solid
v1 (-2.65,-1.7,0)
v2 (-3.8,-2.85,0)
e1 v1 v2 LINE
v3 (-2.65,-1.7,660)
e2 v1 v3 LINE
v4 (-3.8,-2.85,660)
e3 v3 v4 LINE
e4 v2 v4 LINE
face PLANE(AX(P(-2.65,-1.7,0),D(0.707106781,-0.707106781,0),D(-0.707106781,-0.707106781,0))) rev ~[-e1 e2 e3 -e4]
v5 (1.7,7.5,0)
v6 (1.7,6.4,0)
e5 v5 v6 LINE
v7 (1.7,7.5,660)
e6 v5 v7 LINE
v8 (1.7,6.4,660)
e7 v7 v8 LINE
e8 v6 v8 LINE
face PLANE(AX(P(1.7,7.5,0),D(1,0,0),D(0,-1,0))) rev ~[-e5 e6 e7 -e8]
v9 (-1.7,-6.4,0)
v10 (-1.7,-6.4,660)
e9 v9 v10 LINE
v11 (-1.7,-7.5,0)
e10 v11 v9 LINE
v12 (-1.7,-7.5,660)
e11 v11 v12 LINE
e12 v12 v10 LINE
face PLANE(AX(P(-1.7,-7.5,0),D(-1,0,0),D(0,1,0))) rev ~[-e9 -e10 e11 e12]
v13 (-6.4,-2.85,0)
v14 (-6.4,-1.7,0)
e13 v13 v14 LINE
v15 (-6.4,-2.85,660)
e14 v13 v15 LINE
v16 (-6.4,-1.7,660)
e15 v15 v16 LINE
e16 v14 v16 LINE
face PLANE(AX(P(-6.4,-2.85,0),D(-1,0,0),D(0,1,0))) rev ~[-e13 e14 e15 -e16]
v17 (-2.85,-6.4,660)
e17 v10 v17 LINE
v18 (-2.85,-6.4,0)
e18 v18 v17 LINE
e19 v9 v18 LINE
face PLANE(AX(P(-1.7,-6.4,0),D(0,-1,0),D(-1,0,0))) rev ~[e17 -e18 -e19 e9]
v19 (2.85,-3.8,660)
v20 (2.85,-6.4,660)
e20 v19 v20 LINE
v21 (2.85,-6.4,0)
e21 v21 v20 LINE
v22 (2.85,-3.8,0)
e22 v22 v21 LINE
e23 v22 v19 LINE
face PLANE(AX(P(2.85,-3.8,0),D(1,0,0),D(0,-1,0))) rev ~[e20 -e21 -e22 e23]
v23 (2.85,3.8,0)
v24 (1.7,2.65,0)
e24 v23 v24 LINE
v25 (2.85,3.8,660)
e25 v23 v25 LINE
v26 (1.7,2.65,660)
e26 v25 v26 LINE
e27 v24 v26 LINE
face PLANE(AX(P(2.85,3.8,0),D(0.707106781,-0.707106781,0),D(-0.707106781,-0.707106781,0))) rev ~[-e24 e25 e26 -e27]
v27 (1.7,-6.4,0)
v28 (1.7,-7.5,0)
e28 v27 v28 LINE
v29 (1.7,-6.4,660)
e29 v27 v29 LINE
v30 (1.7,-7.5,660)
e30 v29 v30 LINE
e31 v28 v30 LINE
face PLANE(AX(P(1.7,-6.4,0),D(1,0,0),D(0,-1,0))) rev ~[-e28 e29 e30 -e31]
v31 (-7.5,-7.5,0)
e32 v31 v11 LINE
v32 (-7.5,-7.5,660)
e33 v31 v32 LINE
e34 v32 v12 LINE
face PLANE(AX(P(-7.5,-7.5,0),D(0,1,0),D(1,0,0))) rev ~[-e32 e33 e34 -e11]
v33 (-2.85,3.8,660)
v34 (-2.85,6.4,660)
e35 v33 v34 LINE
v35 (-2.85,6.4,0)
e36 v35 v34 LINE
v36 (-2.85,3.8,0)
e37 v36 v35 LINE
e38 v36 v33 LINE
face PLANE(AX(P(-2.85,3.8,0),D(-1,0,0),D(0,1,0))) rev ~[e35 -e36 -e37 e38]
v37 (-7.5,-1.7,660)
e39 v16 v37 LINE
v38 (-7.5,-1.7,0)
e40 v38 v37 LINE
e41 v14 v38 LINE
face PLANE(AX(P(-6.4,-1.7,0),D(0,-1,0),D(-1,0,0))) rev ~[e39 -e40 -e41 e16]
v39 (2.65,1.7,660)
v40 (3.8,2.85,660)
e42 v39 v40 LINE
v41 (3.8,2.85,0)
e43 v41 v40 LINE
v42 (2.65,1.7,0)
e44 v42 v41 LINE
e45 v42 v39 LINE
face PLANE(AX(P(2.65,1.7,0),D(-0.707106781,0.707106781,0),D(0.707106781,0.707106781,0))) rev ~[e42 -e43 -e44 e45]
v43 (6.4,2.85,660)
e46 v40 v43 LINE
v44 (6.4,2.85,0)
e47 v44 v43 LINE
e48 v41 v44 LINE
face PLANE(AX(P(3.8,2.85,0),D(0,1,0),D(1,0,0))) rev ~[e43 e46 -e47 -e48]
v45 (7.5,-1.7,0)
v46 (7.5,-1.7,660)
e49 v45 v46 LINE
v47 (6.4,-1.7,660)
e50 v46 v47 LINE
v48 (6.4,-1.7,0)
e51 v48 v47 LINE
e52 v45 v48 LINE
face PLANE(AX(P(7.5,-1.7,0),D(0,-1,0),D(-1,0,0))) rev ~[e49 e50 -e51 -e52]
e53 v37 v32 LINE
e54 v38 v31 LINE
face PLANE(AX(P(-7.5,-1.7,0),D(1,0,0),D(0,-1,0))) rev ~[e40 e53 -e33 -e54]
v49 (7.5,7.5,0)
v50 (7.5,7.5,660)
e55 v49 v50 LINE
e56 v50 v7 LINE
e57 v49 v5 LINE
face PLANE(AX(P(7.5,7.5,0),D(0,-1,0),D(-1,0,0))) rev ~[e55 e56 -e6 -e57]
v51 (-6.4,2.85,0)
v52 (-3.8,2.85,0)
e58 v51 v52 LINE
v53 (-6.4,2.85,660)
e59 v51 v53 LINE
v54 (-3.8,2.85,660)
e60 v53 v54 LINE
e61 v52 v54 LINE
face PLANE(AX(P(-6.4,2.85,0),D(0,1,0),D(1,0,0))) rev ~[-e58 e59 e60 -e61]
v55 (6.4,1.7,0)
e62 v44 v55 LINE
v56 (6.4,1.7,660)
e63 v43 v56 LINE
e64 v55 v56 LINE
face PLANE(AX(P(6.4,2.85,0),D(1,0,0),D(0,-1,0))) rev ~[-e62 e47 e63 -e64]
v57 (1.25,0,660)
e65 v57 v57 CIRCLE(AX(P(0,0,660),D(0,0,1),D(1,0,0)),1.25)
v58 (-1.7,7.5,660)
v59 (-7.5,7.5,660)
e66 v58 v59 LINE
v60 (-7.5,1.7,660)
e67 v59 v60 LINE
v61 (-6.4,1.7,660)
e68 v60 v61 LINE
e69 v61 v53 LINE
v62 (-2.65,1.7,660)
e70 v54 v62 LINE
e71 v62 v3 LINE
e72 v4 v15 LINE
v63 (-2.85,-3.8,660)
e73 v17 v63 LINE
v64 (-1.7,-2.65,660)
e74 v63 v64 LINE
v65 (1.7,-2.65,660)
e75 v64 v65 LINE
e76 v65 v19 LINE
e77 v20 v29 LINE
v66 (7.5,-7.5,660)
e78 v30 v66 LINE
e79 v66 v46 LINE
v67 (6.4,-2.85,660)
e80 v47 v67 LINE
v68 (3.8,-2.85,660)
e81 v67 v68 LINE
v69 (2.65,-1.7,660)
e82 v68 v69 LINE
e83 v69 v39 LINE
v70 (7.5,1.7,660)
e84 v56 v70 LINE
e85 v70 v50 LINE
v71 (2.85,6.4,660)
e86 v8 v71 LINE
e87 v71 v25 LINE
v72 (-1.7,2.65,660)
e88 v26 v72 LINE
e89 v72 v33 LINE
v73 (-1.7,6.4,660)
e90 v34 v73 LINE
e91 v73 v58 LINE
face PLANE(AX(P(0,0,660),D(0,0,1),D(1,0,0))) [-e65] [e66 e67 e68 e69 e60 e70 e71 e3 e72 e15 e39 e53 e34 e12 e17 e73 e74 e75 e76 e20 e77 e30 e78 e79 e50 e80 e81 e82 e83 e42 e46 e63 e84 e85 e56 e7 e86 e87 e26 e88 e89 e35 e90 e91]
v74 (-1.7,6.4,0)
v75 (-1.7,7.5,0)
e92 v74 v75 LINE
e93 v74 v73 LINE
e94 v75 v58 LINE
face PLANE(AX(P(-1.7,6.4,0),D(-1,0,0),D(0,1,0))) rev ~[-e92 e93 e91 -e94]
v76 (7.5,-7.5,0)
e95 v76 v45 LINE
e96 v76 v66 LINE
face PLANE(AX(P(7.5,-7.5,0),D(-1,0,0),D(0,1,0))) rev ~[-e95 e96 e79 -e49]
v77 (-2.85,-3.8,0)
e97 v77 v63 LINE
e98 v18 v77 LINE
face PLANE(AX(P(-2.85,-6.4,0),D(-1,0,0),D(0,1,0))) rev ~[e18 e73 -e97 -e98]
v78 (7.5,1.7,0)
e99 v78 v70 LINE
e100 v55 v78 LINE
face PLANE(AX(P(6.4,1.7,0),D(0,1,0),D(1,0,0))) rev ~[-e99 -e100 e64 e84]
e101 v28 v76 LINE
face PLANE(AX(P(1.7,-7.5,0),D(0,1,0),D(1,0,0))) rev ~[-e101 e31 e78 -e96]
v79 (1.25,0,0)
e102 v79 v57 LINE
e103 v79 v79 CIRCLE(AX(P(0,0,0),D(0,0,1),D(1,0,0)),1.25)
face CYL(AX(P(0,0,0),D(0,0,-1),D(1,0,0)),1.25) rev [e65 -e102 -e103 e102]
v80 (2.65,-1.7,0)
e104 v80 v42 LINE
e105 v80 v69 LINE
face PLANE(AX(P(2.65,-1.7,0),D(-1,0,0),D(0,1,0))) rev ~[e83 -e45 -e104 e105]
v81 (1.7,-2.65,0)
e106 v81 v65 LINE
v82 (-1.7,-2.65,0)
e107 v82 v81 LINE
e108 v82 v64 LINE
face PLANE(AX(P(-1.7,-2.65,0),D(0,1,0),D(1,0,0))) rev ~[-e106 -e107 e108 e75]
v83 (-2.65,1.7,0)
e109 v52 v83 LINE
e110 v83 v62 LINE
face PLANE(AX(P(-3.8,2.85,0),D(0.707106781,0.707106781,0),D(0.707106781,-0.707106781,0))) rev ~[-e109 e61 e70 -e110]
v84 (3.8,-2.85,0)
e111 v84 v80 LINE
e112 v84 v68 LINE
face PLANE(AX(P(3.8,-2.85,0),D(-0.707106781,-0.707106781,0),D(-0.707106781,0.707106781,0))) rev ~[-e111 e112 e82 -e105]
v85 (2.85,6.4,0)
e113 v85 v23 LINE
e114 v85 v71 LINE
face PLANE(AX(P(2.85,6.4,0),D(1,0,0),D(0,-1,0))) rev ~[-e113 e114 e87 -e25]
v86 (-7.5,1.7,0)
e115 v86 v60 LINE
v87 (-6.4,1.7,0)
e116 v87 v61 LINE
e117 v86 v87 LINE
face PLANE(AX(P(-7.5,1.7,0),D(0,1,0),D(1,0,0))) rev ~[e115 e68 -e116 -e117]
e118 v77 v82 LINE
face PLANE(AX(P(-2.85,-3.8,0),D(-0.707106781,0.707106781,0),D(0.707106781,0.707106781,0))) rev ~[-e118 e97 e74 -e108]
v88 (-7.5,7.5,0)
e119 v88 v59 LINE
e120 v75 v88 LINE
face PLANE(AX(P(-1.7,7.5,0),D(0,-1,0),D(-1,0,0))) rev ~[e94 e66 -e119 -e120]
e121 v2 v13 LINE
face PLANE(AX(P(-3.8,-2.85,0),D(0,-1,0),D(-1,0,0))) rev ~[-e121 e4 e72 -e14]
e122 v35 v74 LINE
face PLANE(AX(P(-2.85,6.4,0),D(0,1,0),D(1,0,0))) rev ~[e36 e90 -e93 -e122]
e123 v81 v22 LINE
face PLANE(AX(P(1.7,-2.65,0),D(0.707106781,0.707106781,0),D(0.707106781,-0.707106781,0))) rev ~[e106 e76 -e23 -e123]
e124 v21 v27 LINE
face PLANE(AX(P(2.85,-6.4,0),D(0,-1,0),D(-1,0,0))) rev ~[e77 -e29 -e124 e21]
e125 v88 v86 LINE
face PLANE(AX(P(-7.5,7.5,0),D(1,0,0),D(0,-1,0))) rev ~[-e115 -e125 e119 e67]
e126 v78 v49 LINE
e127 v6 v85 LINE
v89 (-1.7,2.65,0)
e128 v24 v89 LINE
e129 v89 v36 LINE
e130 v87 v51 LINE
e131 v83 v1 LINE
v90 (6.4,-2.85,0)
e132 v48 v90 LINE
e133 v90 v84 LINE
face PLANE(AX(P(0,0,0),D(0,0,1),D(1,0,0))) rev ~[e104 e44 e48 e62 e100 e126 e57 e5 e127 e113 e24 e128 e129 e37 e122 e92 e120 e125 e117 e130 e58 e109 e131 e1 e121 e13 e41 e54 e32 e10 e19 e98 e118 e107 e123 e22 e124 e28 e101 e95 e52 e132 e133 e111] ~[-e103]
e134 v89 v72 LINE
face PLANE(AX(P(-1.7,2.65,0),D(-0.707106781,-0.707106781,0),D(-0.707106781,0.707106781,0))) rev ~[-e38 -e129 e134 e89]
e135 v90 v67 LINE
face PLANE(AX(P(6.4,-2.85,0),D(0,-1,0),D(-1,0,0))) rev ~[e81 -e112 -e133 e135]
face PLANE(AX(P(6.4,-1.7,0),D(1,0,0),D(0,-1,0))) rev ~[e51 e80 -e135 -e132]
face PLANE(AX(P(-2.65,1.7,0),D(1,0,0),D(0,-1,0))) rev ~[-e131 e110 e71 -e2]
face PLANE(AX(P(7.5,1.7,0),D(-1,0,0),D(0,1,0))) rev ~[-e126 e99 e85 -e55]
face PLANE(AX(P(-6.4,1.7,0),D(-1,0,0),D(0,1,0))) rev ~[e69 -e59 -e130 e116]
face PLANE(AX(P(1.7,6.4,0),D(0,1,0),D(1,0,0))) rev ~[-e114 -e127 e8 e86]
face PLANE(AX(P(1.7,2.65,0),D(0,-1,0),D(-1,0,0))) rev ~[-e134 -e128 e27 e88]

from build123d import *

# Parameters (mm, degrees)
SKETCH_2_R      = 1.25
EXTRUDE_1_DEPTH = 660


with BuildPart() as part:
    # ｽｹｯﾁ2 → ﾎﾞｽ - 押し出し1 (new body)
    with BuildSketch(Plane.XY):
        Polygon((1.7, 2.65), (-1.7, 2.65), (-2.85, 3.8), (-2.85, 6.4), (-1.7, 6.4), (-1.7, 7.5), (-7.5, 7.5), (-7.5, 1.7), (-6.4, 1.7), (-6.4, 2.85), (-3.8, 2.85), (-2.65, 1.7), (-2.65, -1.7), (-3.8, -2.85), (-6.4, -2.85), (-6.4, -1.7), (-7.5, -1.7), (-7.5, -7.5), (-1.7, -7.5), (-1.7, -6.4), (-2.85, -6.4), (-2.85, -3.8), (-1.7, -2.65), (1.7, -2.65), (2.85, -3.8), (2.85, -6.4), (1.7, -6.4), (1.7, -7.5), (7.5, -7.5), (7.5, -1.7), (6.4, -1.7), (6.4, -2.85), (3.8, -2.85), (2.65, -1.7), (2.65, 1.7), (3.8, 2.85), (6.4, 2.85), (6.4, 1.7), (7.5, 1.7), (7.5, 7.5), (1.7, 7.5), (1.7, 6.4), (2.85, 6.4), (2.85, 3.8), align=None)
        Circle(SKETCH_2_R, mode=Mode.SUBTRACT)
    extrude(amount=EXTRUDE_1_DEPTH)


solid = part.part
